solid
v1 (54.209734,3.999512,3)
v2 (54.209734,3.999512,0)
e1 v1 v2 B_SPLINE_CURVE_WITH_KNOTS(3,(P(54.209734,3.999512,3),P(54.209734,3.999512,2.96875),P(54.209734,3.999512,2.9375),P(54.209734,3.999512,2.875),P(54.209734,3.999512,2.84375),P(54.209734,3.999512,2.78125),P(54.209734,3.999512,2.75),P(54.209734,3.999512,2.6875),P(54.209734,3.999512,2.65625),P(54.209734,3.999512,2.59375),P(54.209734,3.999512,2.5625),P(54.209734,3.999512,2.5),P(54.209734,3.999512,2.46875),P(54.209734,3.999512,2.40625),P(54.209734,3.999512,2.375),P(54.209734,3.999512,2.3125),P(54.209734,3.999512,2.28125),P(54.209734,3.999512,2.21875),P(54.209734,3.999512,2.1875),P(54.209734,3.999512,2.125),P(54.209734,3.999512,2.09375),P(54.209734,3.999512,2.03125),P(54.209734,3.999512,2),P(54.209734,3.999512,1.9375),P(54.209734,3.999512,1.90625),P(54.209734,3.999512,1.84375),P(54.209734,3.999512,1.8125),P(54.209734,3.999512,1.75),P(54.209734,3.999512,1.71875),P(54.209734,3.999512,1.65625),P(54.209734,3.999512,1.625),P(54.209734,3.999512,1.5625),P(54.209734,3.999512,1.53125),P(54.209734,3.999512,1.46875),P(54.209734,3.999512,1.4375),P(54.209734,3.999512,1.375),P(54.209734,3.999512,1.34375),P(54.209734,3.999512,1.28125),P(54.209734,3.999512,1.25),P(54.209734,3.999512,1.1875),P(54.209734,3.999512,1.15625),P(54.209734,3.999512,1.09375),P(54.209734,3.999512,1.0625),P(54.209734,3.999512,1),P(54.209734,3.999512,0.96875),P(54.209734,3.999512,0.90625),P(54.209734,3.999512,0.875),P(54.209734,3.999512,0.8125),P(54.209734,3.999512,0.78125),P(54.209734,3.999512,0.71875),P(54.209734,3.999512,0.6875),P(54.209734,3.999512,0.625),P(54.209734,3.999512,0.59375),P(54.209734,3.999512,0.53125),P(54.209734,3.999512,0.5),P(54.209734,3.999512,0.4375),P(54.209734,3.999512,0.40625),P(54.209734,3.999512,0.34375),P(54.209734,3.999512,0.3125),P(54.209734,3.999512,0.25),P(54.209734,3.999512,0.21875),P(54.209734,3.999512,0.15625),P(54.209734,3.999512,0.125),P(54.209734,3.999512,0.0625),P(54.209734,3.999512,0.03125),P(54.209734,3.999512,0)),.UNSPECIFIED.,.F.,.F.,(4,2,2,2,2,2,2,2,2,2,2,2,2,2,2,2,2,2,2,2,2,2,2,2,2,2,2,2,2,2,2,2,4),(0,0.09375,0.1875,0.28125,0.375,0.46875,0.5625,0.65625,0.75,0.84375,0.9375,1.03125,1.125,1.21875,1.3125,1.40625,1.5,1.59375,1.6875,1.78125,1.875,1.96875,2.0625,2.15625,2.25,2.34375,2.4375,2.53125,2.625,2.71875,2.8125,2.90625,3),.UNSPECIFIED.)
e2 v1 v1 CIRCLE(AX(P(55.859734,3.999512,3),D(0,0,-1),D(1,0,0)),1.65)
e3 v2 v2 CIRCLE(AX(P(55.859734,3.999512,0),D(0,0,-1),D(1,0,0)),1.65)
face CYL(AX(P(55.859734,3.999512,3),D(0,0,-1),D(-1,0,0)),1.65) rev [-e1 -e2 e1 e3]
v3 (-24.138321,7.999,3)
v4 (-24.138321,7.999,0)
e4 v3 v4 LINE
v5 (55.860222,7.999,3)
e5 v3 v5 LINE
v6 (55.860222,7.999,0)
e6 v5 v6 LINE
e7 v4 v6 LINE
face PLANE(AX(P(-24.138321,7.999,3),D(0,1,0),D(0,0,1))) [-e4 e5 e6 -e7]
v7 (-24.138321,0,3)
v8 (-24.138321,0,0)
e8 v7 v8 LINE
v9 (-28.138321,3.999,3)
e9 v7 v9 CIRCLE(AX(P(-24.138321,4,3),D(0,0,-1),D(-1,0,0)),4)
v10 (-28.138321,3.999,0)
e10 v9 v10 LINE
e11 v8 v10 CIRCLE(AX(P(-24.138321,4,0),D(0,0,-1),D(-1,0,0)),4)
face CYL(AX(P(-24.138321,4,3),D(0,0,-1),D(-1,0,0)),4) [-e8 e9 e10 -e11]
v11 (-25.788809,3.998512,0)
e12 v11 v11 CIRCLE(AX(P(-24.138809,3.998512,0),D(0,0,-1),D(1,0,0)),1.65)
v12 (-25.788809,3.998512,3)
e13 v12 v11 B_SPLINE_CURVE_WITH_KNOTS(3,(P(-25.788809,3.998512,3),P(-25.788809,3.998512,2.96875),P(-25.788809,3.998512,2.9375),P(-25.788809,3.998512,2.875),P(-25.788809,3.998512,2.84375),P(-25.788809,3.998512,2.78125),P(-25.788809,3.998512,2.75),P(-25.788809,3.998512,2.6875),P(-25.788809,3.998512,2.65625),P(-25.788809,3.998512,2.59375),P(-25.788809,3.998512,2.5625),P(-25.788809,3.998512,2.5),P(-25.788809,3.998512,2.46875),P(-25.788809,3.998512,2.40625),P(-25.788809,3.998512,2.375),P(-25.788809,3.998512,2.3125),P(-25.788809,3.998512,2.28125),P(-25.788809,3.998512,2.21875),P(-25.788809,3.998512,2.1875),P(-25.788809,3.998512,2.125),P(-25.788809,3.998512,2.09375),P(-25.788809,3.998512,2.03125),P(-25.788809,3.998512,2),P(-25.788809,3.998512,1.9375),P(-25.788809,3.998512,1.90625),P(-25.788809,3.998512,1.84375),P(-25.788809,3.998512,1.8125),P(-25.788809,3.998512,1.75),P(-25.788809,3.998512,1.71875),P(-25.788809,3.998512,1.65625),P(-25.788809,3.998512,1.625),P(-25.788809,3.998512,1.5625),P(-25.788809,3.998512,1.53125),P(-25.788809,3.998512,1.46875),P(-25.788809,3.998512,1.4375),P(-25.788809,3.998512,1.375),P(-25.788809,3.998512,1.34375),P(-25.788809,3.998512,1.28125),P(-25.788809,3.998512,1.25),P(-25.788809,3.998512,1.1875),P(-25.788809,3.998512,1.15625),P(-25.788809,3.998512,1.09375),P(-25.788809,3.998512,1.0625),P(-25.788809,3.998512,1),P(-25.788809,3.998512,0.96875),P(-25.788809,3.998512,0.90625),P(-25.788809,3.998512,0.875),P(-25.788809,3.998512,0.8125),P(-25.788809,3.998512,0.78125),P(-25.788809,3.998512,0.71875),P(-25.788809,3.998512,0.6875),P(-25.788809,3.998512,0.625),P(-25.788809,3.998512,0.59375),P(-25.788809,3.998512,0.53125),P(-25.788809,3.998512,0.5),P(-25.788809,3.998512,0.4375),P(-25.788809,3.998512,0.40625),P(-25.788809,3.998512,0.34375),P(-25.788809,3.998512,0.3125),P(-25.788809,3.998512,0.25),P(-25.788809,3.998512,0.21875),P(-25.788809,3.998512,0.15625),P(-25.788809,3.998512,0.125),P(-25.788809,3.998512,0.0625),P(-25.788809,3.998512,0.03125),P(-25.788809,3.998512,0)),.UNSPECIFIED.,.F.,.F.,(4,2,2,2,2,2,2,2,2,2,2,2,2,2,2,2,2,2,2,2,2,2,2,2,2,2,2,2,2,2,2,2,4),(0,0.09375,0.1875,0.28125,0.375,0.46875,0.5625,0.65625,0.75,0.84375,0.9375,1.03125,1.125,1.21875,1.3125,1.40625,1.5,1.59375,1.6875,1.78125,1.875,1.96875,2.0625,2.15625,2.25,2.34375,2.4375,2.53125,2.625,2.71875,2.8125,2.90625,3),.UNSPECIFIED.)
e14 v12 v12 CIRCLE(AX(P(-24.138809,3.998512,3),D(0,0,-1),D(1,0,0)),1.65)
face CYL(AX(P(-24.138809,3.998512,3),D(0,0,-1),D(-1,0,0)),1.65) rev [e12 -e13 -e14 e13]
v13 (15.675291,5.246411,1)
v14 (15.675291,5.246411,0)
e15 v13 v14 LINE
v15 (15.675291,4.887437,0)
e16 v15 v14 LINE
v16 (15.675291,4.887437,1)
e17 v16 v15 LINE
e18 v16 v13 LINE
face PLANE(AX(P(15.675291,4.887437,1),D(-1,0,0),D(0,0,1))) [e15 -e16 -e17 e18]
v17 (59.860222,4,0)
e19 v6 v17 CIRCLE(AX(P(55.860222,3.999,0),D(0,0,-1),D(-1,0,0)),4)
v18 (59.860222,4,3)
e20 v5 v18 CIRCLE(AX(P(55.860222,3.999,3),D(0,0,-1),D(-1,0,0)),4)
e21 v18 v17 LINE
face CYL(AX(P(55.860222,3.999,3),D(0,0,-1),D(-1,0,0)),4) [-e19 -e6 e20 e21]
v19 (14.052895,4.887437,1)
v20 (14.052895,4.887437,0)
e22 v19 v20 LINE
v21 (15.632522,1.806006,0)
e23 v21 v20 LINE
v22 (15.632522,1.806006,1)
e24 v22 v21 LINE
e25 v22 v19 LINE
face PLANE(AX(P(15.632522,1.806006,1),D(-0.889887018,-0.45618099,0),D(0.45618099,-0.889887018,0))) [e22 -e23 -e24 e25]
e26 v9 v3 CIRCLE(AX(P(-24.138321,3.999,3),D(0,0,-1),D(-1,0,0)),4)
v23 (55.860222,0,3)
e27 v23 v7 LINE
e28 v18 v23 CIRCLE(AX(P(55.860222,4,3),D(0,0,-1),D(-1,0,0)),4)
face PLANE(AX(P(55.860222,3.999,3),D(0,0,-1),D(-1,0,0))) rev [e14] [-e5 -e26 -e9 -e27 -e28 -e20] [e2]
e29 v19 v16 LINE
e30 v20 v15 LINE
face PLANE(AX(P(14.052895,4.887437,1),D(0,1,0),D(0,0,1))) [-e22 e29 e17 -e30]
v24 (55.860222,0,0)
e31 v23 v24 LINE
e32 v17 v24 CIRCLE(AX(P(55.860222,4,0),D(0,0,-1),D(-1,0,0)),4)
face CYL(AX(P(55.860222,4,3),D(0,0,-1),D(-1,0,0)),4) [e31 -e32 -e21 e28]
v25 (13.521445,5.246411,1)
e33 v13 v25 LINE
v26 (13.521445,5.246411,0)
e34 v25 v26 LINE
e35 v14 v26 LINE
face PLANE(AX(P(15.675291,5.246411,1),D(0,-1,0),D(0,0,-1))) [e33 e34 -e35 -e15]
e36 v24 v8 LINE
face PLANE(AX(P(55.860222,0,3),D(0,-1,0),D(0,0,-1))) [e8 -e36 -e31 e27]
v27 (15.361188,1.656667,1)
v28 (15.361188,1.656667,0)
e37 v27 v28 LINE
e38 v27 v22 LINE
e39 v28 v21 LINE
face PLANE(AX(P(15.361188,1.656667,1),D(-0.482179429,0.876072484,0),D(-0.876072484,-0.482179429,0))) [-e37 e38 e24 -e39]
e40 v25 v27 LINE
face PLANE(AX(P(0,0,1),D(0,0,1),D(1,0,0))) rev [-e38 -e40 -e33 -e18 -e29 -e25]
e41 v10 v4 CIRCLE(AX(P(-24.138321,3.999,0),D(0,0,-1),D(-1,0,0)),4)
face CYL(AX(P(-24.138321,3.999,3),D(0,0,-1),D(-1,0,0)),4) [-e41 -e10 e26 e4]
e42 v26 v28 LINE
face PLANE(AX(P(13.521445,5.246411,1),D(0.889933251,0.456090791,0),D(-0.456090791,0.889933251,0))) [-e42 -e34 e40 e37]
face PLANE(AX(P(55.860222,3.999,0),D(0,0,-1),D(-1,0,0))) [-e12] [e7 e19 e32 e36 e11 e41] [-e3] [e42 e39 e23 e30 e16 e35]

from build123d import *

# Parameters (mm, degrees)
SKETCH_1_R          = 1.65
EXTRUDE_1_DEPTH     = 3
CUT_EXTRUDE_1_DEPTH = 1


with BuildPart() as part:
    # 草图1 → 凸台-拉伸1 (new body)
    with BuildSketch(Plane(origin=(0, 0, 0), x_dir=(-1, 0, 0), z_dir=(0, 0, -1))):
        with BuildLine():
            Line((-55.860221974, 0), (24.13832066, 0))
            ThreePointArc((24.13832066, 0), (26.966394209, 1.171219344), (28.138320535, 3.999))
            ThreePointArc((28.138320535, 3.999), (26.96674766, 6.827427125), (24.138320535, 7.999))
            Line((24.138320535, 7.999), (-55.860222099, 7.999))
            ThreePointArc((-55.860222099, 7.999), (-58.688295648, 6.827780656), (-59.860221974, 4))
            ThreePointArc((-59.860221974, 4), (-58.688649099, 1.171572875), (-55.860221974, 0))
        make_face()
        with Locations((24.138809001, 3.998511534)):
            Circle(SKETCH_1_R, mode=Mode.SUBTRACT)
        with Locations((-55.859733508, 3.999511534)):
            Circle(SKETCH_1_R, mode=Mode.SUBTRACT)
    extrude(amount=-EXTRUDE_1_DEPTH)

    # 草图2 → 切除-拉伸1 (cut)
    with BuildSketch(Plane(origin=(0, 0, 0), x_dir=(-1, 0, 0), z_dir=(0, 0, -1))):
        Polygon((-15.675290893, 5.246411073), (-13.52144474, 5.246411073), (-15.361188329, 1.656667483), (-15.632522464, 1.806006425), (-14.05289506, 4.887436714), (-15.675290893, 4.887436714), align=None)
    extrude(amount=-CUT_EXTRUDE_1_DEPTH, mode=Mode.SUBTRACT)


solid = part.part
